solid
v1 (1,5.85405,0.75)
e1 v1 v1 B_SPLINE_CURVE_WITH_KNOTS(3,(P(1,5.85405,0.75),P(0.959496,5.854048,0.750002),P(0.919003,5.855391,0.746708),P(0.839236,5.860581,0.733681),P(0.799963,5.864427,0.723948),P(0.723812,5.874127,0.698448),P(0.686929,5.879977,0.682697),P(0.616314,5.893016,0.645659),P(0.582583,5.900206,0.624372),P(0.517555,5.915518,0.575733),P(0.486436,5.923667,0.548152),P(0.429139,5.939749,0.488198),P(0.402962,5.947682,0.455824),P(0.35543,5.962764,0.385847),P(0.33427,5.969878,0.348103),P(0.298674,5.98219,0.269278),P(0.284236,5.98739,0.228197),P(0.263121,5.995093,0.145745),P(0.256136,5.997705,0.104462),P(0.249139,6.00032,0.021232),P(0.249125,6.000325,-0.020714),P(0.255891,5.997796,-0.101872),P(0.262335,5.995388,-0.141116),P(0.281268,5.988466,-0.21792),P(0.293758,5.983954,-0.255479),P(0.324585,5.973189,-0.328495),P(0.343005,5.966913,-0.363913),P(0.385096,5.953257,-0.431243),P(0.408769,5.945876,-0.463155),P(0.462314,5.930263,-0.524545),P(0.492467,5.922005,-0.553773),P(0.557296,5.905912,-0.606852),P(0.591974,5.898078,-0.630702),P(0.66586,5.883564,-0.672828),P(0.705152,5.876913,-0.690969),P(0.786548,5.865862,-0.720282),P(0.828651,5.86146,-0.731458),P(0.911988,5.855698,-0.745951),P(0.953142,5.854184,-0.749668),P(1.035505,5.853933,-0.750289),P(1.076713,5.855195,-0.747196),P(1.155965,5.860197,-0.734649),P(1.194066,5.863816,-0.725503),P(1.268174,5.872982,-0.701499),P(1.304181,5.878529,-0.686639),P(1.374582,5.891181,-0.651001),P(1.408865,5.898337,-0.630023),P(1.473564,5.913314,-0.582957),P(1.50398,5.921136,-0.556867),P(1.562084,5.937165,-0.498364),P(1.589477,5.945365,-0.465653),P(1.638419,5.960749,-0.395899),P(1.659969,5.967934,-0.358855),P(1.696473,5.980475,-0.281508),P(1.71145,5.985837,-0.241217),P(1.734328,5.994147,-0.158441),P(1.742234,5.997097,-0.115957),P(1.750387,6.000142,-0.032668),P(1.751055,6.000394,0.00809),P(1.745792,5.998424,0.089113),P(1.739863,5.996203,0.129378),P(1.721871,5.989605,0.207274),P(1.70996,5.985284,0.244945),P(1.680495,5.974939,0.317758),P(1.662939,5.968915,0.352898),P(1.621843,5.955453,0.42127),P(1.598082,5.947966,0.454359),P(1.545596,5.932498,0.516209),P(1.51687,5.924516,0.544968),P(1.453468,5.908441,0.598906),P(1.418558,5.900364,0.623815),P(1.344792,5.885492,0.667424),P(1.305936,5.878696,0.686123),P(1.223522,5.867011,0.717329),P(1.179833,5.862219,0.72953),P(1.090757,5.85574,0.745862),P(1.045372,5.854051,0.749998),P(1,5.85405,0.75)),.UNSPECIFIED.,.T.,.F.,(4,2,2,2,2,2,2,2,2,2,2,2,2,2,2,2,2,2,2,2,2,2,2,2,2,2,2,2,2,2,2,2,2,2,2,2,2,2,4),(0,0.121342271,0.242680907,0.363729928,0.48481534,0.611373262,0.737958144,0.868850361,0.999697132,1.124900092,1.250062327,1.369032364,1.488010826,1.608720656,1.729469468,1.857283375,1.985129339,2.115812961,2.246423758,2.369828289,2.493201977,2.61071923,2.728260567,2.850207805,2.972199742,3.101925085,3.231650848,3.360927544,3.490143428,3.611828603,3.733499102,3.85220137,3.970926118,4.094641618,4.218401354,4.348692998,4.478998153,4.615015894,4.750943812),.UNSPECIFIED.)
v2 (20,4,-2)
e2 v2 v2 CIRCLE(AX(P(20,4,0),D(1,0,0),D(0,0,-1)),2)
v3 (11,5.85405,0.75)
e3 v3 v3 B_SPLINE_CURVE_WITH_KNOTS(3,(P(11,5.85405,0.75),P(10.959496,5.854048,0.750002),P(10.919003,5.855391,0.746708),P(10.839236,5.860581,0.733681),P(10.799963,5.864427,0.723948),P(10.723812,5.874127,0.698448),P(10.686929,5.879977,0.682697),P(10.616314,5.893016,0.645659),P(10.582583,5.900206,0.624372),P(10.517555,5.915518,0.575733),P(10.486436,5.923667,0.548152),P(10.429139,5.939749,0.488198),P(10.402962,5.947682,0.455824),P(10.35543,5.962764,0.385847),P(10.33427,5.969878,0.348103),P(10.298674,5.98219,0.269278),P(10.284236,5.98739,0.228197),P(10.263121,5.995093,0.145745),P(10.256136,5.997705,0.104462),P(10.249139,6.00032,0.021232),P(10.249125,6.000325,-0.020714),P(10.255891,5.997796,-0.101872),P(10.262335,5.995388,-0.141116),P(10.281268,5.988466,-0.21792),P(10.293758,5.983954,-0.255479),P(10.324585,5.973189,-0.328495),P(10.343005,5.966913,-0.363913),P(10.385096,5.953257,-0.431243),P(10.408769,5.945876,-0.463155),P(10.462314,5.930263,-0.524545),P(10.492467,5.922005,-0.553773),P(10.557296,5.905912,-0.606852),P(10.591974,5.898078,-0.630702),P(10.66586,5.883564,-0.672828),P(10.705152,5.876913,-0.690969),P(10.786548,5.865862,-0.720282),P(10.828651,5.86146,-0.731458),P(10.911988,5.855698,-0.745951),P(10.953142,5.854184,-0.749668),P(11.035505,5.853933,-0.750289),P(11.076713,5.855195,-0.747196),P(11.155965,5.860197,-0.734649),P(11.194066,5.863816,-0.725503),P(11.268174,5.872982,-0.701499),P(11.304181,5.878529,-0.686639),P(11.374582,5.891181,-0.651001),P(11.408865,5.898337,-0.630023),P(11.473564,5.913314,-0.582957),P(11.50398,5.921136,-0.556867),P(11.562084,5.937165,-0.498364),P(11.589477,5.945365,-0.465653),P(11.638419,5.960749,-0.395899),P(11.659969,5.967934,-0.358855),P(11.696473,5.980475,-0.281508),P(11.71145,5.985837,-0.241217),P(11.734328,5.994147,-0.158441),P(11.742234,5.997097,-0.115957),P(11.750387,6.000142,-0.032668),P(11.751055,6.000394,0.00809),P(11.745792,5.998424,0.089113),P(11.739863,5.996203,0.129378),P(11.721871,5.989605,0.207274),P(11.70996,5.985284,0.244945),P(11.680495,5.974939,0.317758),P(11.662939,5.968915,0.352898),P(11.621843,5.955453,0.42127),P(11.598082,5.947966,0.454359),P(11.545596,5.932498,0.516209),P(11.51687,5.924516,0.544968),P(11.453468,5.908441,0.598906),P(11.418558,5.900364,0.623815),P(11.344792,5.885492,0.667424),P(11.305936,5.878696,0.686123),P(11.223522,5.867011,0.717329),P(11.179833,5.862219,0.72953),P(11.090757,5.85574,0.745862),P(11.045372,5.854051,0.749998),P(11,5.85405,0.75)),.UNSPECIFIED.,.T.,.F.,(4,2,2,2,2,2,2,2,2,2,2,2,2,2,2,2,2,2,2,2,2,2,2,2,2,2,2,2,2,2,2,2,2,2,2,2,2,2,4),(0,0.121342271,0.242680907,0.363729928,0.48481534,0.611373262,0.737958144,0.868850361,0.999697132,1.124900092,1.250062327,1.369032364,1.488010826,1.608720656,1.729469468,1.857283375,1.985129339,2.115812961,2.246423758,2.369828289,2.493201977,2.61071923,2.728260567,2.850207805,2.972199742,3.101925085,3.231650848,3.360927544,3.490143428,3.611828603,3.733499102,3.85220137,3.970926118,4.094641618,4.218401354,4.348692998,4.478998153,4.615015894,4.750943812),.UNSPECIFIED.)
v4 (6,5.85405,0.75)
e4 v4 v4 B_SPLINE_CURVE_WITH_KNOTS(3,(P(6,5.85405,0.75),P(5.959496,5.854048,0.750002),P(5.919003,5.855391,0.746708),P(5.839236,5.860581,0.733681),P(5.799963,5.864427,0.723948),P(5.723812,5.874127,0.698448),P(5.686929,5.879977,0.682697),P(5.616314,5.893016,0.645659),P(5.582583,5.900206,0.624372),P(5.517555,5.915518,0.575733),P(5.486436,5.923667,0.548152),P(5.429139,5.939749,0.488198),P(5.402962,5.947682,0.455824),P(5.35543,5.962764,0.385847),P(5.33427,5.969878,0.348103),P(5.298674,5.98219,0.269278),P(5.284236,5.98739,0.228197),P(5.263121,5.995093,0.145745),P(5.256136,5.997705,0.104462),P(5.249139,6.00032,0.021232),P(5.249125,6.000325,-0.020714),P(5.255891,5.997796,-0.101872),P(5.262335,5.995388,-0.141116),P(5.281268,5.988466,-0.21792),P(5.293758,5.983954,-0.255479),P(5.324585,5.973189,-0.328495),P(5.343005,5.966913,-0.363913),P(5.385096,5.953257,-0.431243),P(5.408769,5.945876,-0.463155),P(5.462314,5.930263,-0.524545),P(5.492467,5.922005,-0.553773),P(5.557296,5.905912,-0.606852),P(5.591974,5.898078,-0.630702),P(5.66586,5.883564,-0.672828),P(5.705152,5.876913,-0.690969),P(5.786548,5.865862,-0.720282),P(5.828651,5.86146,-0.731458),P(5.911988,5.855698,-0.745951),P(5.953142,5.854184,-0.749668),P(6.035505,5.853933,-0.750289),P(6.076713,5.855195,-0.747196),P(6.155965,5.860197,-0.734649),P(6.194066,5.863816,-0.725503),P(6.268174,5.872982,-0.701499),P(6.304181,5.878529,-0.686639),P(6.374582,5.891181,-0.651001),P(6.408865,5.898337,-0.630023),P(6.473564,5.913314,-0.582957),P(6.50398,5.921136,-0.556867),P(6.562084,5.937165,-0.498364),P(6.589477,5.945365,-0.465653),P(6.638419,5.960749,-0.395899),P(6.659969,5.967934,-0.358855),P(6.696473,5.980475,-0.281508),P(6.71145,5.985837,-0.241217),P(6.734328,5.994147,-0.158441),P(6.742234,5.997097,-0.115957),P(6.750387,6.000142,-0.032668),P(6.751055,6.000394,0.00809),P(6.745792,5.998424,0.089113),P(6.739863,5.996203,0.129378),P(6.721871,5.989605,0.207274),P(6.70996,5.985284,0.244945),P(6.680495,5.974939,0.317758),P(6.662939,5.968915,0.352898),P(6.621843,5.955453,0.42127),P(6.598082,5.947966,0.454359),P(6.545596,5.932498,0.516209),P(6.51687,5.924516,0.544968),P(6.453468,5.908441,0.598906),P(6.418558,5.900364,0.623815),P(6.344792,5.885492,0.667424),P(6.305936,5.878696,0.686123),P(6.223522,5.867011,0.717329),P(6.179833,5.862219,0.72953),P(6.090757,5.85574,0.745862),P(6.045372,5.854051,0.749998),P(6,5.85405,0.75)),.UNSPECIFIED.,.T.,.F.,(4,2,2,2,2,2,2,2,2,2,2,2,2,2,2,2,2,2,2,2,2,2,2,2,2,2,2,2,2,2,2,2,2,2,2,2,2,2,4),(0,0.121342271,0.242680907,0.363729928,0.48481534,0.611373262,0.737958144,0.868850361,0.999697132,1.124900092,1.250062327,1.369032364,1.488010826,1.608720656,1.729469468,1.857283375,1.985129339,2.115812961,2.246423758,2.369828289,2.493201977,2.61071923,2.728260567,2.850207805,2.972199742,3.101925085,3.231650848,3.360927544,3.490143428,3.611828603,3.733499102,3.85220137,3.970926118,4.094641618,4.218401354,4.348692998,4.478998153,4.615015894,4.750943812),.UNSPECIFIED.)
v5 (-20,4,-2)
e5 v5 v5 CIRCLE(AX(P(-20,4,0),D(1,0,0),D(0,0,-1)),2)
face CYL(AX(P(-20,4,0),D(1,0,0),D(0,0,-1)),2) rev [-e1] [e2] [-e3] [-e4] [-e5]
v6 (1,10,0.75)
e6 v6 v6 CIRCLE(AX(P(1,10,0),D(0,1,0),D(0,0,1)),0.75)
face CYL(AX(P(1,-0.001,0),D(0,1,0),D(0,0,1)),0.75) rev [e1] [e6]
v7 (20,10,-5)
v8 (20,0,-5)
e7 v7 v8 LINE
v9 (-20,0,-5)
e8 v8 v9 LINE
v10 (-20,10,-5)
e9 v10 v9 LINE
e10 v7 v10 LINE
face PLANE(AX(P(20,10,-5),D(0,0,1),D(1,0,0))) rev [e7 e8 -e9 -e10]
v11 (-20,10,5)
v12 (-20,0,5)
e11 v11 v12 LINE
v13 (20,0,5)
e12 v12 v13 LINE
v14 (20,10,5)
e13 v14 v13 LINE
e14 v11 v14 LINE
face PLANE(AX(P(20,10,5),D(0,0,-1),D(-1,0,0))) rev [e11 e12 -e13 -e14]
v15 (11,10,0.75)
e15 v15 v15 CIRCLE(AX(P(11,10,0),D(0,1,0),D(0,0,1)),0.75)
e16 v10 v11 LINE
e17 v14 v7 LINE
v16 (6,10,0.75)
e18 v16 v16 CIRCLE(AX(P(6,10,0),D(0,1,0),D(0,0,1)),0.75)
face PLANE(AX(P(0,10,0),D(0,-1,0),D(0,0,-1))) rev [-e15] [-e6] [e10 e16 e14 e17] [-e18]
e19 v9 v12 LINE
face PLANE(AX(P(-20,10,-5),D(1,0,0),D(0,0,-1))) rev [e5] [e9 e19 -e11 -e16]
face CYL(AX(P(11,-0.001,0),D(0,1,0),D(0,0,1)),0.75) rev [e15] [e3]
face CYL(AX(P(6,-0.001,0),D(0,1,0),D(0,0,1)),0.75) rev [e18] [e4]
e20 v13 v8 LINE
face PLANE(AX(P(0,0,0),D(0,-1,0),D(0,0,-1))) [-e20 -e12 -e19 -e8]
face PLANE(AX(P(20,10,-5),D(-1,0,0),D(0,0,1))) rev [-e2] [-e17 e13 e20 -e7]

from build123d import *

# Parameters (mm, degrees)
SKETCH1_W           = 40
SKETCH1_H           = 10
BOSS_EXTRUDE1_DEPTH = 10
SKETCH2_R           = 2
CUT_EXTRUDE1_DEPTH  = 41
CUT_EXTRUDE2_REACH  = 12
SKETCH3_R           = 0.75


with BuildPart() as part:
    # Sketch1 → Boss-Extrude1 (new body)
    with BuildSketch(Plane(origin=(0, 0, 0), x_dir=(1, 0, 0), z_dir=(0, 1, 0))):
        Rectangle(SKETCH1_W, SKETCH1_H)
    extrude(amount=BOSS_EXTRUDE1_DEPTH)

    # Sketch2 → Cut-Extrude1 (cut, through all)
    with BuildSketch(Plane(origin=(20, 0, 0), x_dir=(0, 0, -1), z_dir=(1, 0, 0))):
        with Locations((0, 4)):
            Circle(SKETCH2_R)
    extrude(amount=-CUT_EXTRUDE1_DEPTH, mode=Mode.SUBTRACT)

    # Sketch3 → Cut-Extrude2 (cut, up to next)
    with BuildSketch(Plane(origin=(0, 10, 0), x_dir=(1, 0, 0), z_dir=(0, 1, 0)), mode=Mode.PRIVATE) as cut_extrude2_sk1:
        with Locations((11, 0)):
            Circle(SKETCH3_R)
    cut_extrude2_tool1 = extrude(cut_extrude2_sk1.sketch, amount=-CUT_EXTRUDE2_REACH, mode=Mode.PRIVATE) & part.part
    add(cut_extrude2_tool1.solids().sort_by_distance((11, 10, 0))[0], mode=Mode.SUBTRACT)
    # Sketch3 → Cut-Extrude2 (cut, up to next)
    with BuildSketch(Plane(origin=(0, 10, 0), x_dir=(1, 0, 0), z_dir=(0, 1, 0)), mode=Mode.PRIVATE) as cut_extrude2_sk2:
        with Locations((6, 0)):
            Circle(SKETCH3_R)
    cut_extrude2_tool2 = extrude(cut_extrude2_sk2.sketch, amount=-CUT_EXTRUDE2_REACH, mode=Mode.PRIVATE) & part.part
    add(cut_extrude2_tool2.solids().sort_by_distance((6, 10, 0))[0], mode=Mode.SUBTRACT)
    # Sketch3 → Cut-Extrude2 (cut, up to next)
    with BuildSketch(Plane(origin=(0, 10, 0), x_dir=(1, 0, 0), z_dir=(0, 1, 0)), mode=Mode.PRIVATE) as cut_extrude2_sk3:
        with Locations((1, 0)):
            Circle(SKETCH3_R)
    cut_extrude2_tool3 = extrude(cut_extrude2_sk3.sketch, amount=-CUT_EXTRUDE2_REACH, mode=Mode.PRIVATE) & part.part
    add(cut_extrude2_tool3.solids().sort_by_distance((1, 10, 0))[0], mode=Mode.SUBTRACT)


solid = part.part
